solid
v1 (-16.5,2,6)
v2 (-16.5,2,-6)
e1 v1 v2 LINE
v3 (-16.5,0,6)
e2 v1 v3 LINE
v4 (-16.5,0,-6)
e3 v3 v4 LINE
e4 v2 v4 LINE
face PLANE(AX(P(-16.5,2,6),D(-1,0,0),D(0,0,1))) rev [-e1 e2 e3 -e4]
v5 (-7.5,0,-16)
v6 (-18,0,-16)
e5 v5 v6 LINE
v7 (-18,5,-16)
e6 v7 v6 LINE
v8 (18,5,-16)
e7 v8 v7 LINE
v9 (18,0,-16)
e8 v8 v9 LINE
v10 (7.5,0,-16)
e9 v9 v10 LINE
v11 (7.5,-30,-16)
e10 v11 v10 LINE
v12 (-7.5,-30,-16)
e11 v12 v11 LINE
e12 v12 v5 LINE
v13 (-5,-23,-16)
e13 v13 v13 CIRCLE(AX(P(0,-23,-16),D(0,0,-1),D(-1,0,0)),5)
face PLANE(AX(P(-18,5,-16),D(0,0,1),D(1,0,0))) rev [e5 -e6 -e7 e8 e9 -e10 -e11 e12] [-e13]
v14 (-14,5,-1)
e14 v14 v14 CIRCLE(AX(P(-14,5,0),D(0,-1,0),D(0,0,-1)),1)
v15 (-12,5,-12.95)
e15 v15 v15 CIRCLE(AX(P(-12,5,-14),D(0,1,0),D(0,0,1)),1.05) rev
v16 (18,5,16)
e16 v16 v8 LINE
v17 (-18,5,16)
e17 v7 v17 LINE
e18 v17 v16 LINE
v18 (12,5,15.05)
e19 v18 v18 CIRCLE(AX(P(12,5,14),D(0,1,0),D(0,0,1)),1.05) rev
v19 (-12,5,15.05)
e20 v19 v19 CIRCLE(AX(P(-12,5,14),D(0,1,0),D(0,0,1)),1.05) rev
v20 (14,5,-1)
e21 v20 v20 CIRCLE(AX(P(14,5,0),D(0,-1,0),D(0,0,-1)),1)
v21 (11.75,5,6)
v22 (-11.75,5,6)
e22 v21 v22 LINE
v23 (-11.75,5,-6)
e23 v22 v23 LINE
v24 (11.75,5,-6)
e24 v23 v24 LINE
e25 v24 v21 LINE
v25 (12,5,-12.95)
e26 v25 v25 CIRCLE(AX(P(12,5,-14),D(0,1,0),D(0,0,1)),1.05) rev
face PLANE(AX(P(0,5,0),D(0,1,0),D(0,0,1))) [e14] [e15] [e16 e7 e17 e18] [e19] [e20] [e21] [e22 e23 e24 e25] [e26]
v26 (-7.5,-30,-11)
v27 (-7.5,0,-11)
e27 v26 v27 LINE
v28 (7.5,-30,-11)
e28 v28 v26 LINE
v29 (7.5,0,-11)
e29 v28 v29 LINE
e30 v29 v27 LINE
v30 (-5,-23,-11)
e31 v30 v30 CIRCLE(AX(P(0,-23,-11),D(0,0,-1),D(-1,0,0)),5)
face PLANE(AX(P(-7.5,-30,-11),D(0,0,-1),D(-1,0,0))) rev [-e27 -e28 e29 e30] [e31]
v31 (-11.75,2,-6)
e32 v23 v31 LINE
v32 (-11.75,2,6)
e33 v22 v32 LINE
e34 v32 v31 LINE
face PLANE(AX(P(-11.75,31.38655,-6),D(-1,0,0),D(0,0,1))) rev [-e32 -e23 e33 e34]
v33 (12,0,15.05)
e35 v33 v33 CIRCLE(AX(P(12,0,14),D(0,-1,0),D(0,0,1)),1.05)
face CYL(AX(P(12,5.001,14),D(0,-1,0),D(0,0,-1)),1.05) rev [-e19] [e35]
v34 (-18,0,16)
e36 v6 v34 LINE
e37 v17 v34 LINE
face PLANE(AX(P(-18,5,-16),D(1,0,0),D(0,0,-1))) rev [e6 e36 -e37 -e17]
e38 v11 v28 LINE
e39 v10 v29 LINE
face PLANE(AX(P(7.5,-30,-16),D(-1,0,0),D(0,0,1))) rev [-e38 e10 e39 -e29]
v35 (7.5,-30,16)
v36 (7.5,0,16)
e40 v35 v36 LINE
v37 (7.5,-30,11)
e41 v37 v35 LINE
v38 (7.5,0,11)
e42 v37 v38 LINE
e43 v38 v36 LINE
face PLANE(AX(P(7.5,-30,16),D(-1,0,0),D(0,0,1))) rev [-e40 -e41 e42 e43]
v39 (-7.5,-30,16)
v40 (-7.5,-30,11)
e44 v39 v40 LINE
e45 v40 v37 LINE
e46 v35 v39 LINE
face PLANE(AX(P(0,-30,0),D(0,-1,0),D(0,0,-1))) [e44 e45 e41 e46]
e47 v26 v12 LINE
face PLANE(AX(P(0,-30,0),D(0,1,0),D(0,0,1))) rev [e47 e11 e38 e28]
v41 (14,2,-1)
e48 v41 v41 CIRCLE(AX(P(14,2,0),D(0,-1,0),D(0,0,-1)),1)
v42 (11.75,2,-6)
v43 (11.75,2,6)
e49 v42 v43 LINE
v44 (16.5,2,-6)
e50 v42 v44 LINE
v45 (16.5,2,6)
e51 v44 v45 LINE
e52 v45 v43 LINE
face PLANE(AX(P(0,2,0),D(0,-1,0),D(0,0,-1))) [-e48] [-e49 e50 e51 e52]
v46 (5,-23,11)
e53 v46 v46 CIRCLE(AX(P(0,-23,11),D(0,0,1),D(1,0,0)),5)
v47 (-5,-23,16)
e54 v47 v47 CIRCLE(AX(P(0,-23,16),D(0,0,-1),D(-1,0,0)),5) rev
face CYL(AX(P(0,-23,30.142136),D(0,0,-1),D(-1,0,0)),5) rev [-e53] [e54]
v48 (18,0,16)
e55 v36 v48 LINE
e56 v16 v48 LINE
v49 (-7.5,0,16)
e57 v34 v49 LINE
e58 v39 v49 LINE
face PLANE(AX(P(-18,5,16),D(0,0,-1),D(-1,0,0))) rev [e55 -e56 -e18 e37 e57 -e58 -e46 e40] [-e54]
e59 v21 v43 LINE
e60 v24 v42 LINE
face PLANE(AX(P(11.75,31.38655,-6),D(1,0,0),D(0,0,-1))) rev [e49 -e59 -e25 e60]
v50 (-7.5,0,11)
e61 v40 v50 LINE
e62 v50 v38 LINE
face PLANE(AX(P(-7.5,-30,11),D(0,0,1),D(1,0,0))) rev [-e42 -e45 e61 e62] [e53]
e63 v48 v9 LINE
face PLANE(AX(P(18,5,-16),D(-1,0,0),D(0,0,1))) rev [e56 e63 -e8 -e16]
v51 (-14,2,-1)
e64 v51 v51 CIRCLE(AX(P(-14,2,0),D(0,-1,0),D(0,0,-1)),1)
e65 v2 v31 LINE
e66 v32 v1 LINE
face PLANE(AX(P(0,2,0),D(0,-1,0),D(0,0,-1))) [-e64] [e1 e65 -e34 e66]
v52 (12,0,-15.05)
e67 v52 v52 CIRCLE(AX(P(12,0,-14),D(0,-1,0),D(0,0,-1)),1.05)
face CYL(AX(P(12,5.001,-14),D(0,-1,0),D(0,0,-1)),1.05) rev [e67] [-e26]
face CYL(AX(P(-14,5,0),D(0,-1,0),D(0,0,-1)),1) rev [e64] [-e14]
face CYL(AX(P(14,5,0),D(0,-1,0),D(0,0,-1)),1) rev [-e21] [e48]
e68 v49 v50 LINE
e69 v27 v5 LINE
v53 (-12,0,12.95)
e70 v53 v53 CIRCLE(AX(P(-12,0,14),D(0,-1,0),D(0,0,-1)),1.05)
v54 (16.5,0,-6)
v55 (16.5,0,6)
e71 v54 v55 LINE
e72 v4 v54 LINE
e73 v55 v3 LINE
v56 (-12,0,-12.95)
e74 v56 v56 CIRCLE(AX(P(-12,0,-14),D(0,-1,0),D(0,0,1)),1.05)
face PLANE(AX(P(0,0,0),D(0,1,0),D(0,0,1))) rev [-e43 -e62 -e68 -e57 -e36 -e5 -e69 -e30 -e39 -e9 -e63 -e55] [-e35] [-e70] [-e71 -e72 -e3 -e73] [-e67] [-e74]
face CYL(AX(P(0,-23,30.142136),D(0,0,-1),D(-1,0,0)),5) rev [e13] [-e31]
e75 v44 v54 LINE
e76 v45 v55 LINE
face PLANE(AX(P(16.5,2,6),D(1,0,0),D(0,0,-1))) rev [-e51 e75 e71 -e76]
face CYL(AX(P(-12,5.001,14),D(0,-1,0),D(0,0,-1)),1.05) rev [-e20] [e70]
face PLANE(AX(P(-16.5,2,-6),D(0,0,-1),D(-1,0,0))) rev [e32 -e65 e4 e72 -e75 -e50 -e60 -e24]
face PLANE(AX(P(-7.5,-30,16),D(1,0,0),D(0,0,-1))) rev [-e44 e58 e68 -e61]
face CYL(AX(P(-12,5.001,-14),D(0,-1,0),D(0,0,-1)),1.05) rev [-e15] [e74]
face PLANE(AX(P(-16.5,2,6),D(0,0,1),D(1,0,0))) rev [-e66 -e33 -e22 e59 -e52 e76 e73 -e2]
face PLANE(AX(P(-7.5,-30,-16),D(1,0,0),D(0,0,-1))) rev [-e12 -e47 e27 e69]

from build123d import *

# Parameters (mm, degrees)
SKETCH_1_W               = 36
SKETCH_1_H               = 32
EXTRUDE_1_DEPTH          = 5
SKETCH_4_W               = 33
SKETCH_4_H               = 12
CUT_EXTRUDE_2_DEPTH      = 2
SKETCH_8_R               = 1
CUT_EXTRUDE_6_DEPTH      = 3
CUT_EXTRUDE_3_DEPTH      = 25.269322199
CUT_EXTRUDE_3_DEPTH_BACK = 3
SKETCH_5_W               = 23.5
SKETCH_5_H               = 12
SKETCH_11_W              = 15
SKETCH_11_H              = 5
EXTRUDE_3_DEPTH          = 30
CUT_EXTRUDE_8_REACH      = 49.413
SKETCH_12_R              = 5
CUT_EXTRUDE_9_REACH      = 40.471
SKETCH_13_R              = 1.05


with BuildPart() as part:
    # 草图1 → 凸台-拉伸1 (new body)
    with BuildSketch(Plane(origin=(0, 0, 0), x_dir=(1, 0, 0), z_dir=(0, 1, 0))):
        Rectangle(SKETCH_1_W, SKETCH_1_H)
    extrude(amount=EXTRUDE_1_DEPTH)

    # 草图4 → 切除-拉伸2 (cut)
    with BuildSketch(Plane.XZ):
        Rectangle(SKETCH_4_W, SKETCH_4_H)
    extrude(amount=-CUT_EXTRUDE_2_DEPTH, mode=Mode.SUBTRACT)

    # 草图8 → 切除-拉伸6 (cut)
    with BuildSketch(Plane.XZ.offset(-2)):
        with Locations(Location((14, 0, 0), (0, 0, 270))):
            Circle(SKETCH_8_R)
        with Locations(Location((-14, 0, 0), (0, 0, 270))):
            Circle(SKETCH_8_R)
    extrude(amount=-CUT_EXTRUDE_6_DEPTH, mode=Mode.SUBTRACT)

    # 草图5 → 切除-拉伸3 (cut, two sides: drawn at the far end of the back side and taken through both)
    with BuildSketch(Plane.XZ.offset(-2).offset(-CUT_EXTRUDE_3_DEPTH_BACK)):
        Rectangle(SKETCH_5_W, SKETCH_5_H)
    extrude(amount=CUT_EXTRUDE_3_DEPTH + CUT_EXTRUDE_3_DEPTH_BACK, mode=Mode.SUBTRACT)

    # 草图11 → 凸台-拉伸3 (add)
    with BuildSketch(Plane.XZ):
        with Locations((0, 13.5)):
            Rectangle(SKETCH_11_W, SKETCH_11_H)
        with Locations((0, -13.5)):
            Rectangle(SKETCH_11_W, SKETCH_11_H)
    extrude(amount=EXTRUDE_3_DEPTH)

    # 切除-拉伸8: up to this face of the body (flat: up to its plane)
    cut_extrude_8_end = Plane(part.part.faces().sort_by_distance((0, -10, 16))[0])
    # 草图12 → 切除-拉伸8 (cut, up to the picked face)
    with BuildSketch(Plane(origin=(0, 0, -16), x_dir=(-1, 0, 0), z_dir=(0, 0, -1)), mode=Mode.PRIVATE) as cut_extrude_8_sk1:
        with Locations((0, -23)):
            Circle(SKETCH_12_R)
    cut_extrude_8_tool1 = split(extrude(cut_extrude_8_sk1.sketch, amount=-CUT_EXTRUDE_8_REACH, mode=Mode.PRIVATE), bisect_by=cut_extrude_8_end, keep=Keep.BOTH, mode=Mode.PRIVATE)
    add(cut_extrude_8_tool1.solids().sort_by(Axis((0, -23, -16), (0, 0, 1)))[0], mode=Mode.SUBTRACT)

    # 草图13 → 切除-拉伸9 (cut, up to next)
    with BuildSketch(Plane.XZ, mode=Mode.PRIVATE) as cut_extrude_9_sk1:
        with Locations(Location((-12, 14, 0), (0, 0, 270))):
            Circle(SKETCH_13_R)
    cut_extrude_9_tool1 = extrude(cut_extrude_9_sk1.sketch, amount=-CUT_EXTRUDE_9_REACH, mode=Mode.PRIVATE) & part.part
    # 草图13 → 切除-拉伸9 (cut, up to next)
    with BuildSketch(Plane.XZ, mode=Mode.PRIVATE) as cut_extrude_9_sk2:
        with Locations(Location((12, 14, 0), (0, 0, 90))):
            Circle(SKETCH_13_R)
    cut_extrude_9_tool2 = extrude(cut_extrude_9_sk2.sketch, amount=-CUT_EXTRUDE_9_REACH, mode=Mode.PRIVATE) & part.part
    # 草图13 → 切除-拉伸9 (cut, up to next)
    with BuildSketch(Plane.XZ, mode=Mode.PRIVATE) as cut_extrude_9_sk3:
        with Locations(Location((12, -14, 0), (0, 0, 270))):
            Circle(SKETCH_13_R)
    cut_extrude_9_tool3 = extrude(cut_extrude_9_sk3.sketch, amount=-CUT_EXTRUDE_9_REACH, mode=Mode.PRIVATE) & part.part
    # 草图13 → 切除-拉伸9 (cut, up to next)
    with BuildSketch(Plane.XZ, mode=Mode.PRIVATE) as cut_extrude_9_sk4:
        with Locations(Location((-12, -14, 0), (0, 0, 90))):
            Circle(SKETCH_13_R)
    cut_extrude_9_tool4 = extrude(cut_extrude_9_sk4.sketch, amount=-CUT_EXTRUDE_9_REACH, mode=Mode.PRIVATE) & part.part
    add(cut_extrude_9_tool1.solids().sort_by_distance((-12, 0, 14))[0], mode=Mode.SUBTRACT)
    add(cut_extrude_9_tool2.solids().sort_by_distance((12, 0, 14))[0], mode=Mode.SUBTRACT)
    add(cut_extrude_9_tool3.solids().sort_by_distance((12, 0, -14))[0], mode=Mode.SUBTRACT)
    add(cut_extrude_9_tool4.solids().sort_by_distance((-12, 0, -14))[0], mode=Mode.SUBTRACT)


solid = part.part
